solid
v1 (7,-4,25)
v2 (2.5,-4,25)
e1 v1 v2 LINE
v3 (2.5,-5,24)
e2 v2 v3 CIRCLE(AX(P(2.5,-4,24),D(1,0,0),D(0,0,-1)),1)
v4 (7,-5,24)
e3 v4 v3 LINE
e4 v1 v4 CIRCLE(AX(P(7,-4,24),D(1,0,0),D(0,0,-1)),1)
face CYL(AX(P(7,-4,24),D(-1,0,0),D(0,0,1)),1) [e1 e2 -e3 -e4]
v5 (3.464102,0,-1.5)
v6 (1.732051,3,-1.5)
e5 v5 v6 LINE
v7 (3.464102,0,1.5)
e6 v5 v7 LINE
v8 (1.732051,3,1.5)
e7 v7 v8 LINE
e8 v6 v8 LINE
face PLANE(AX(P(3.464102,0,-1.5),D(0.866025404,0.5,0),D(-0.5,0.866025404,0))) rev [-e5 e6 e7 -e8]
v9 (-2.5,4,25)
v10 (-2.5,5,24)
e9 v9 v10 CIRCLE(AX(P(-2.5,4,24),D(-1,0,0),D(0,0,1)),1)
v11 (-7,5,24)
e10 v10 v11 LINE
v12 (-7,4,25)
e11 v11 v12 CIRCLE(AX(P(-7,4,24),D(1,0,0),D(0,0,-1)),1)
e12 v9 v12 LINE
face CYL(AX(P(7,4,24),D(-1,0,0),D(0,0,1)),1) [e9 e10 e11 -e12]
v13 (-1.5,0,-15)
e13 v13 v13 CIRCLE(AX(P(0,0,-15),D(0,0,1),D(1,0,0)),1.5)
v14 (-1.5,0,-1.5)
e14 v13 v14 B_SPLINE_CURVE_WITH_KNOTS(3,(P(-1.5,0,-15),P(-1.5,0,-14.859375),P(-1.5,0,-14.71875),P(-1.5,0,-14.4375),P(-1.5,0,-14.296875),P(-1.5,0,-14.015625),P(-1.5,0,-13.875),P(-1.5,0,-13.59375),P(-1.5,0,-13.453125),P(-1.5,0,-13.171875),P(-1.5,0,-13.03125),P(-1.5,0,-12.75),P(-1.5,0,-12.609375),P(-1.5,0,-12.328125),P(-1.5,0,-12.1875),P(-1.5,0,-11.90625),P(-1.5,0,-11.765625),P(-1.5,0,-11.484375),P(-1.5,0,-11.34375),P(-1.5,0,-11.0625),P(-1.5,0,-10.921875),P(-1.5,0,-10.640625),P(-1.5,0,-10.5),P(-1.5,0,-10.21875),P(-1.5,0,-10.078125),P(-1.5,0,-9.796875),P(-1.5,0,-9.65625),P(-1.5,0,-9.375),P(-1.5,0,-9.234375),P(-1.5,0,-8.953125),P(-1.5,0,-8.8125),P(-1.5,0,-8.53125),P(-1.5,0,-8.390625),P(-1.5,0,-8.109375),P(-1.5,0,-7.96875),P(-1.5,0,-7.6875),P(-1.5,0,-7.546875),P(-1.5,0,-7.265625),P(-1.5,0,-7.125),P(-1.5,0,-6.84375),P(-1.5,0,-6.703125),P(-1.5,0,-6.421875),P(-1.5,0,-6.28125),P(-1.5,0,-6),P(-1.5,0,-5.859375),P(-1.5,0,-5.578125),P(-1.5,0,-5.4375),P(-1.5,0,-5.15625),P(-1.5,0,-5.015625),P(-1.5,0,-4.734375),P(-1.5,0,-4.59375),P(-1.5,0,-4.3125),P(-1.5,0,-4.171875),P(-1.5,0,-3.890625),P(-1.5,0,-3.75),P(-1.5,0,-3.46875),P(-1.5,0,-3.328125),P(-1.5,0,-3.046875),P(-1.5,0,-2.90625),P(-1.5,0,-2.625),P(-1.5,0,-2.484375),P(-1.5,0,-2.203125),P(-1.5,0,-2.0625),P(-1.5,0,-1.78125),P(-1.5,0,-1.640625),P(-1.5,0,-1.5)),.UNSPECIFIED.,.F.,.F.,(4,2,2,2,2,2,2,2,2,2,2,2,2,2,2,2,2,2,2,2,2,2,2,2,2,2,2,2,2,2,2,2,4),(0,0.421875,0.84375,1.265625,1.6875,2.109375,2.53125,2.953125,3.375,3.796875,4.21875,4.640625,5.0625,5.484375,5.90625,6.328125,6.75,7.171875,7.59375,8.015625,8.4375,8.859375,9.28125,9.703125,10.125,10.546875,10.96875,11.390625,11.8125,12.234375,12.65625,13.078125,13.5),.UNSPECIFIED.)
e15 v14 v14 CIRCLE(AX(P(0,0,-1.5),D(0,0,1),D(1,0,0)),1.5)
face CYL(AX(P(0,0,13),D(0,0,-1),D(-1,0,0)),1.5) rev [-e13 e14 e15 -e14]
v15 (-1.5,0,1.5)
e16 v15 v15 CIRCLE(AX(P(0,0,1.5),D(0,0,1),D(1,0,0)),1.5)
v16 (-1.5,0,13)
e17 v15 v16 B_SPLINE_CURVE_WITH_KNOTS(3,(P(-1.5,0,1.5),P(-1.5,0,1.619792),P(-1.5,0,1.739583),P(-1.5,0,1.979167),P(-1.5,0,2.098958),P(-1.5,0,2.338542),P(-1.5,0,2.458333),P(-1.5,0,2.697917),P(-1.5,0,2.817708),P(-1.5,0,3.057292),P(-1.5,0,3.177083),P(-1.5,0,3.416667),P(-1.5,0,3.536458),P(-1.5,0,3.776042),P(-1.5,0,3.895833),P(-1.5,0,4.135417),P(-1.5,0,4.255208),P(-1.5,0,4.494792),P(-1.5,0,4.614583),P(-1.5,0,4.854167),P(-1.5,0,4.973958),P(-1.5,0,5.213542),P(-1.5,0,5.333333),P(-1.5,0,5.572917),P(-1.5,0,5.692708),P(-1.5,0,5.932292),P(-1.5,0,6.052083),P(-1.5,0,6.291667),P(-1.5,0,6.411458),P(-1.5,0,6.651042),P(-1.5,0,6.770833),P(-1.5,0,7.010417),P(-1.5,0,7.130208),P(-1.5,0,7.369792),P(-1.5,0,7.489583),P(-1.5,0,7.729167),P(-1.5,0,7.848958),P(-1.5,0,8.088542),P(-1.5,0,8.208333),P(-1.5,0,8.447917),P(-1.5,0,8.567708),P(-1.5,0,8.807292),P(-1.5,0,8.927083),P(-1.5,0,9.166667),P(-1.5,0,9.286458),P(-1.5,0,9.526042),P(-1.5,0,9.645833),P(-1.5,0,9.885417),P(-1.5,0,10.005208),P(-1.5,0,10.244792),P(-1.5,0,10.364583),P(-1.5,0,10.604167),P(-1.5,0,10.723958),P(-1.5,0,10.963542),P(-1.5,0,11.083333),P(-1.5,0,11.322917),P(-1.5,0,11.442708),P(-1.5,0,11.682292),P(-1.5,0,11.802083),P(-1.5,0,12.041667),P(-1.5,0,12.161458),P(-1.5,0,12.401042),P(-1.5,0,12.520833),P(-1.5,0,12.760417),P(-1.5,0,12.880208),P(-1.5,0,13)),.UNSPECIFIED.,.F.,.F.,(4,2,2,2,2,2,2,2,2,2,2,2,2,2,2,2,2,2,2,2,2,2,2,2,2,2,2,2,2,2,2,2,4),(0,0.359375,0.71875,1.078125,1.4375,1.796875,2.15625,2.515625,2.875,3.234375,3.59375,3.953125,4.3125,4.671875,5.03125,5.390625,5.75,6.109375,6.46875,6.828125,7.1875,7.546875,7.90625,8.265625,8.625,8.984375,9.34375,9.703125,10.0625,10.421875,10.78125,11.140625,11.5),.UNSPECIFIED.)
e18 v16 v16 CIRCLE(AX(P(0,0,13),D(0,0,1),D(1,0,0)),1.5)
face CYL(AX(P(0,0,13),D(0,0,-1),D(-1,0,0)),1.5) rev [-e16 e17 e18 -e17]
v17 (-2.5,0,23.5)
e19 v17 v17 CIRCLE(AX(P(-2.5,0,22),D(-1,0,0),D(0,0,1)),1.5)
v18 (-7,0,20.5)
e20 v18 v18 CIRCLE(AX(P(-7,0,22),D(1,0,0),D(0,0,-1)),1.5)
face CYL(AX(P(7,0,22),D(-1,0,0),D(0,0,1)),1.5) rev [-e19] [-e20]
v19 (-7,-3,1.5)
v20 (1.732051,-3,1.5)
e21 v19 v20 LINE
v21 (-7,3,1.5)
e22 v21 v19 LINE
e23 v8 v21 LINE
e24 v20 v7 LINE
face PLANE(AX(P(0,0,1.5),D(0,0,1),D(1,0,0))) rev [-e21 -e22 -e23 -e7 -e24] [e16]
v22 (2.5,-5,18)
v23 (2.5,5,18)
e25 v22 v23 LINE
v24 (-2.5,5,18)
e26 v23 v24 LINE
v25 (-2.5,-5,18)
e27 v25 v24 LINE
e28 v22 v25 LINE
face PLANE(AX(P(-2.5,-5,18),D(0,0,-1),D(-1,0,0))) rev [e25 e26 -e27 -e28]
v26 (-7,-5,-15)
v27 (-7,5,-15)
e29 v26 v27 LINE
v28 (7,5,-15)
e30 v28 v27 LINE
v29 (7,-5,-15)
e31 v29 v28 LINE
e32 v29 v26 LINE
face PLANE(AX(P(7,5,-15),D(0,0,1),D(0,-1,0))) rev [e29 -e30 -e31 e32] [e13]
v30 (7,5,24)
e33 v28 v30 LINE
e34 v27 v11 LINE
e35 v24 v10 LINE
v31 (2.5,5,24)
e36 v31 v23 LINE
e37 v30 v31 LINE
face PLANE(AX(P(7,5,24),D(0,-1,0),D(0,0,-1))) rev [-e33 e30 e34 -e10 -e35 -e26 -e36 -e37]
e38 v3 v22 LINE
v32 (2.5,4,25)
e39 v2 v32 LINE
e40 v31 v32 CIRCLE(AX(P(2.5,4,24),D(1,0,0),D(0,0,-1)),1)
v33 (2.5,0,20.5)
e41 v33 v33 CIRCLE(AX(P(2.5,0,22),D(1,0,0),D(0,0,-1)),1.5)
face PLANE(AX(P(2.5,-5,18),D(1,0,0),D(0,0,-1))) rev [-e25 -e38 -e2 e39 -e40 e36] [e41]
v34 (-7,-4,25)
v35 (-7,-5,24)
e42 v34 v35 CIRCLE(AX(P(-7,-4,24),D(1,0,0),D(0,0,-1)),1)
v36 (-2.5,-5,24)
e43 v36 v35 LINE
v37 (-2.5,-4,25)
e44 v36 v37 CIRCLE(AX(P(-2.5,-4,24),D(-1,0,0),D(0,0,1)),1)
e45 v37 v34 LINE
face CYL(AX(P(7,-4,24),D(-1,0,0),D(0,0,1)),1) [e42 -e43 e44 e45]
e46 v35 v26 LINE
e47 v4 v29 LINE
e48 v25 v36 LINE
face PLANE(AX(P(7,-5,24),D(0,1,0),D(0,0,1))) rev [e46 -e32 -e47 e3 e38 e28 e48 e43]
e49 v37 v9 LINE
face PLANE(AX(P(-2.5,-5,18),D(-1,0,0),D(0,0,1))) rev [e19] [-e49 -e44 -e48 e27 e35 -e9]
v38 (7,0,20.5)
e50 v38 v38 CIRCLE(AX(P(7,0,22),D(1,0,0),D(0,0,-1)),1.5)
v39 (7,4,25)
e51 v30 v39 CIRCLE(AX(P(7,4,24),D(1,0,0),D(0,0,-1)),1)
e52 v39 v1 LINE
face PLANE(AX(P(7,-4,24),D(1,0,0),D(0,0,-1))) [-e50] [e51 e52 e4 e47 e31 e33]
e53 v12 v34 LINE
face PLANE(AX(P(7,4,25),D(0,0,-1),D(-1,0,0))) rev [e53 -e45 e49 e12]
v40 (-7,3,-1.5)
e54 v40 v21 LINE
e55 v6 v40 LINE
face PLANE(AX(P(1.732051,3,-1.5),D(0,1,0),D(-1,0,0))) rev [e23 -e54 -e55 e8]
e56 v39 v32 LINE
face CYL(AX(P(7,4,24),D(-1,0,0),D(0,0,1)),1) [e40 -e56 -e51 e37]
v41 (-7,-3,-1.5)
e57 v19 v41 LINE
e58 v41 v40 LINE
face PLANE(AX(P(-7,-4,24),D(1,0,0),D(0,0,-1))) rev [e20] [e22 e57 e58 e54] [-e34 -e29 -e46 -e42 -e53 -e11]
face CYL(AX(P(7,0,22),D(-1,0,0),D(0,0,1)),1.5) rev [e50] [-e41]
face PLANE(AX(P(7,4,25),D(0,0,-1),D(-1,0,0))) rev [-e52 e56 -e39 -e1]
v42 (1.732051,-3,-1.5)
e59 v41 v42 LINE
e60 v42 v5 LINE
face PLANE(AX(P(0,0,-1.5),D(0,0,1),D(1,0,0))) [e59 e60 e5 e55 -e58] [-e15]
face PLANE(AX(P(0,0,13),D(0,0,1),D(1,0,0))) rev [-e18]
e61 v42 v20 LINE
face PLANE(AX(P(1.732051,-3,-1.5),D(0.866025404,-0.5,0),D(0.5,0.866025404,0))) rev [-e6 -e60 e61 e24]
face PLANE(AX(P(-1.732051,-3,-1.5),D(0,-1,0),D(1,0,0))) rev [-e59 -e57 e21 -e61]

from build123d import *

# Parameters (mm, degrees)
CROQUIS1_R                 = 1.5
SALIENTE_EXTRUIR1_DEPTH    = 7
CORTAR_EXTRUIR1_DEPTH      = 13
CORTAR_EXTRUIR1_DEPTH_BACK = 27.438608133
CROQUIS2_R                 = 1.5
CORTAR_EXTRUIR2_DEPTH      = 27.438608133
CORTAR_EXTRUIR2_DEPTH_BACK = 27.438608133
CROQUIS3_W                 = 5
CROQUIS3_H                 = 7
CORTAR_EXTRUIR3_DEPTH      = 1.5
CROQUIS5_W                 = 3
CROQUIS5_H                 = 6
CORTAR_EXTRUIR4_DEPTH      = 27.438608133


with BuildPart() as part:
    # Croquis1 → Saliente-Extruir1 (new, symmetric)
    with BuildSketch(Plane(origin=(0, 0, 0), x_dir=(0, 0, -1), z_dir=(1, 0, 0))):
        with BuildLine():
            Line((-24, 5), (15, 5))
            Line((15, 5), (15, -5))
            Line((15, -5), (-24, -5))
            ThreePointArc((-24, -5), (-24.707106781, -4.707106781), (-25, -4))
            Line((-25, -4), (-25, 4))
            ThreePointArc((-25, 4), (-24.707106781, 4.707106781), (-24, 5))
        make_face()
        with Locations((-22, 0)):
            Circle(CROQUIS1_R, mode=Mode.SUBTRACT)
    extrude(amount=SALIENTE_EXTRUIR1_DEPTH, both=True)

    # Croquis2 → Cortar-Extruir1 (cut, two sides: drawn at the far end of the back side and taken through both)
    with BuildSketch(Plane.XY.offset(-CORTAR_EXTRUIR1_DEPTH_BACK)):
        with Locations(Location((0, 0, 0), (0, 0, 180))):
            Circle(CROQUIS2_R)
    extrude(amount=CORTAR_EXTRUIR1_DEPTH + CORTAR_EXTRUIR1_DEPTH_BACK, mode=Mode.SUBTRACT)

    # Croquis3 → Cortar-Extruir2 (cut, two sides: drawn at the far end of the back side and taken through both)
    with BuildSketch(Plane(origin=(0, 0, 0), x_dir=(1, 0, 0), z_dir=(0, 1, 0)).offset(-CORTAR_EXTRUIR2_DEPTH_BACK)):
        with Locations((0, -21.5)):
            Rectangle(CROQUIS3_W, CROQUIS3_H)
    extrude(amount=CORTAR_EXTRUIR2_DEPTH + CORTAR_EXTRUIR2_DEPTH_BACK, mode=Mode.SUBTRACT)

    # Croquis4 → Cortar-Extruir3 (cut, symmetric)
    with BuildSketch(Plane.XY):
        Polygon((1.732050808, 3), (-1.732050808, 3), (-3.464101615, 0), (-1.732050808, -3), (1.732050808, -3), (3.464101615, 0), align=None)
    extrude(amount=CORTAR_EXTRUIR3_DEPTH, both=True, mode=Mode.SUBTRACT)

    # Croquis5 → Cortar-Extruir4 (cut, through all)
    with BuildSketch(Plane(origin=(0, 0, 0), x_dir=(0, 0, -1), z_dir=(1, 0, 0))):
        Rectangle(CROQUIS5_W, CROQUIS5_H)
    extrude(amount=-CORTAR_EXTRUIR4_DEPTH, mode=Mode.SUBTRACT)


solid = part.part
